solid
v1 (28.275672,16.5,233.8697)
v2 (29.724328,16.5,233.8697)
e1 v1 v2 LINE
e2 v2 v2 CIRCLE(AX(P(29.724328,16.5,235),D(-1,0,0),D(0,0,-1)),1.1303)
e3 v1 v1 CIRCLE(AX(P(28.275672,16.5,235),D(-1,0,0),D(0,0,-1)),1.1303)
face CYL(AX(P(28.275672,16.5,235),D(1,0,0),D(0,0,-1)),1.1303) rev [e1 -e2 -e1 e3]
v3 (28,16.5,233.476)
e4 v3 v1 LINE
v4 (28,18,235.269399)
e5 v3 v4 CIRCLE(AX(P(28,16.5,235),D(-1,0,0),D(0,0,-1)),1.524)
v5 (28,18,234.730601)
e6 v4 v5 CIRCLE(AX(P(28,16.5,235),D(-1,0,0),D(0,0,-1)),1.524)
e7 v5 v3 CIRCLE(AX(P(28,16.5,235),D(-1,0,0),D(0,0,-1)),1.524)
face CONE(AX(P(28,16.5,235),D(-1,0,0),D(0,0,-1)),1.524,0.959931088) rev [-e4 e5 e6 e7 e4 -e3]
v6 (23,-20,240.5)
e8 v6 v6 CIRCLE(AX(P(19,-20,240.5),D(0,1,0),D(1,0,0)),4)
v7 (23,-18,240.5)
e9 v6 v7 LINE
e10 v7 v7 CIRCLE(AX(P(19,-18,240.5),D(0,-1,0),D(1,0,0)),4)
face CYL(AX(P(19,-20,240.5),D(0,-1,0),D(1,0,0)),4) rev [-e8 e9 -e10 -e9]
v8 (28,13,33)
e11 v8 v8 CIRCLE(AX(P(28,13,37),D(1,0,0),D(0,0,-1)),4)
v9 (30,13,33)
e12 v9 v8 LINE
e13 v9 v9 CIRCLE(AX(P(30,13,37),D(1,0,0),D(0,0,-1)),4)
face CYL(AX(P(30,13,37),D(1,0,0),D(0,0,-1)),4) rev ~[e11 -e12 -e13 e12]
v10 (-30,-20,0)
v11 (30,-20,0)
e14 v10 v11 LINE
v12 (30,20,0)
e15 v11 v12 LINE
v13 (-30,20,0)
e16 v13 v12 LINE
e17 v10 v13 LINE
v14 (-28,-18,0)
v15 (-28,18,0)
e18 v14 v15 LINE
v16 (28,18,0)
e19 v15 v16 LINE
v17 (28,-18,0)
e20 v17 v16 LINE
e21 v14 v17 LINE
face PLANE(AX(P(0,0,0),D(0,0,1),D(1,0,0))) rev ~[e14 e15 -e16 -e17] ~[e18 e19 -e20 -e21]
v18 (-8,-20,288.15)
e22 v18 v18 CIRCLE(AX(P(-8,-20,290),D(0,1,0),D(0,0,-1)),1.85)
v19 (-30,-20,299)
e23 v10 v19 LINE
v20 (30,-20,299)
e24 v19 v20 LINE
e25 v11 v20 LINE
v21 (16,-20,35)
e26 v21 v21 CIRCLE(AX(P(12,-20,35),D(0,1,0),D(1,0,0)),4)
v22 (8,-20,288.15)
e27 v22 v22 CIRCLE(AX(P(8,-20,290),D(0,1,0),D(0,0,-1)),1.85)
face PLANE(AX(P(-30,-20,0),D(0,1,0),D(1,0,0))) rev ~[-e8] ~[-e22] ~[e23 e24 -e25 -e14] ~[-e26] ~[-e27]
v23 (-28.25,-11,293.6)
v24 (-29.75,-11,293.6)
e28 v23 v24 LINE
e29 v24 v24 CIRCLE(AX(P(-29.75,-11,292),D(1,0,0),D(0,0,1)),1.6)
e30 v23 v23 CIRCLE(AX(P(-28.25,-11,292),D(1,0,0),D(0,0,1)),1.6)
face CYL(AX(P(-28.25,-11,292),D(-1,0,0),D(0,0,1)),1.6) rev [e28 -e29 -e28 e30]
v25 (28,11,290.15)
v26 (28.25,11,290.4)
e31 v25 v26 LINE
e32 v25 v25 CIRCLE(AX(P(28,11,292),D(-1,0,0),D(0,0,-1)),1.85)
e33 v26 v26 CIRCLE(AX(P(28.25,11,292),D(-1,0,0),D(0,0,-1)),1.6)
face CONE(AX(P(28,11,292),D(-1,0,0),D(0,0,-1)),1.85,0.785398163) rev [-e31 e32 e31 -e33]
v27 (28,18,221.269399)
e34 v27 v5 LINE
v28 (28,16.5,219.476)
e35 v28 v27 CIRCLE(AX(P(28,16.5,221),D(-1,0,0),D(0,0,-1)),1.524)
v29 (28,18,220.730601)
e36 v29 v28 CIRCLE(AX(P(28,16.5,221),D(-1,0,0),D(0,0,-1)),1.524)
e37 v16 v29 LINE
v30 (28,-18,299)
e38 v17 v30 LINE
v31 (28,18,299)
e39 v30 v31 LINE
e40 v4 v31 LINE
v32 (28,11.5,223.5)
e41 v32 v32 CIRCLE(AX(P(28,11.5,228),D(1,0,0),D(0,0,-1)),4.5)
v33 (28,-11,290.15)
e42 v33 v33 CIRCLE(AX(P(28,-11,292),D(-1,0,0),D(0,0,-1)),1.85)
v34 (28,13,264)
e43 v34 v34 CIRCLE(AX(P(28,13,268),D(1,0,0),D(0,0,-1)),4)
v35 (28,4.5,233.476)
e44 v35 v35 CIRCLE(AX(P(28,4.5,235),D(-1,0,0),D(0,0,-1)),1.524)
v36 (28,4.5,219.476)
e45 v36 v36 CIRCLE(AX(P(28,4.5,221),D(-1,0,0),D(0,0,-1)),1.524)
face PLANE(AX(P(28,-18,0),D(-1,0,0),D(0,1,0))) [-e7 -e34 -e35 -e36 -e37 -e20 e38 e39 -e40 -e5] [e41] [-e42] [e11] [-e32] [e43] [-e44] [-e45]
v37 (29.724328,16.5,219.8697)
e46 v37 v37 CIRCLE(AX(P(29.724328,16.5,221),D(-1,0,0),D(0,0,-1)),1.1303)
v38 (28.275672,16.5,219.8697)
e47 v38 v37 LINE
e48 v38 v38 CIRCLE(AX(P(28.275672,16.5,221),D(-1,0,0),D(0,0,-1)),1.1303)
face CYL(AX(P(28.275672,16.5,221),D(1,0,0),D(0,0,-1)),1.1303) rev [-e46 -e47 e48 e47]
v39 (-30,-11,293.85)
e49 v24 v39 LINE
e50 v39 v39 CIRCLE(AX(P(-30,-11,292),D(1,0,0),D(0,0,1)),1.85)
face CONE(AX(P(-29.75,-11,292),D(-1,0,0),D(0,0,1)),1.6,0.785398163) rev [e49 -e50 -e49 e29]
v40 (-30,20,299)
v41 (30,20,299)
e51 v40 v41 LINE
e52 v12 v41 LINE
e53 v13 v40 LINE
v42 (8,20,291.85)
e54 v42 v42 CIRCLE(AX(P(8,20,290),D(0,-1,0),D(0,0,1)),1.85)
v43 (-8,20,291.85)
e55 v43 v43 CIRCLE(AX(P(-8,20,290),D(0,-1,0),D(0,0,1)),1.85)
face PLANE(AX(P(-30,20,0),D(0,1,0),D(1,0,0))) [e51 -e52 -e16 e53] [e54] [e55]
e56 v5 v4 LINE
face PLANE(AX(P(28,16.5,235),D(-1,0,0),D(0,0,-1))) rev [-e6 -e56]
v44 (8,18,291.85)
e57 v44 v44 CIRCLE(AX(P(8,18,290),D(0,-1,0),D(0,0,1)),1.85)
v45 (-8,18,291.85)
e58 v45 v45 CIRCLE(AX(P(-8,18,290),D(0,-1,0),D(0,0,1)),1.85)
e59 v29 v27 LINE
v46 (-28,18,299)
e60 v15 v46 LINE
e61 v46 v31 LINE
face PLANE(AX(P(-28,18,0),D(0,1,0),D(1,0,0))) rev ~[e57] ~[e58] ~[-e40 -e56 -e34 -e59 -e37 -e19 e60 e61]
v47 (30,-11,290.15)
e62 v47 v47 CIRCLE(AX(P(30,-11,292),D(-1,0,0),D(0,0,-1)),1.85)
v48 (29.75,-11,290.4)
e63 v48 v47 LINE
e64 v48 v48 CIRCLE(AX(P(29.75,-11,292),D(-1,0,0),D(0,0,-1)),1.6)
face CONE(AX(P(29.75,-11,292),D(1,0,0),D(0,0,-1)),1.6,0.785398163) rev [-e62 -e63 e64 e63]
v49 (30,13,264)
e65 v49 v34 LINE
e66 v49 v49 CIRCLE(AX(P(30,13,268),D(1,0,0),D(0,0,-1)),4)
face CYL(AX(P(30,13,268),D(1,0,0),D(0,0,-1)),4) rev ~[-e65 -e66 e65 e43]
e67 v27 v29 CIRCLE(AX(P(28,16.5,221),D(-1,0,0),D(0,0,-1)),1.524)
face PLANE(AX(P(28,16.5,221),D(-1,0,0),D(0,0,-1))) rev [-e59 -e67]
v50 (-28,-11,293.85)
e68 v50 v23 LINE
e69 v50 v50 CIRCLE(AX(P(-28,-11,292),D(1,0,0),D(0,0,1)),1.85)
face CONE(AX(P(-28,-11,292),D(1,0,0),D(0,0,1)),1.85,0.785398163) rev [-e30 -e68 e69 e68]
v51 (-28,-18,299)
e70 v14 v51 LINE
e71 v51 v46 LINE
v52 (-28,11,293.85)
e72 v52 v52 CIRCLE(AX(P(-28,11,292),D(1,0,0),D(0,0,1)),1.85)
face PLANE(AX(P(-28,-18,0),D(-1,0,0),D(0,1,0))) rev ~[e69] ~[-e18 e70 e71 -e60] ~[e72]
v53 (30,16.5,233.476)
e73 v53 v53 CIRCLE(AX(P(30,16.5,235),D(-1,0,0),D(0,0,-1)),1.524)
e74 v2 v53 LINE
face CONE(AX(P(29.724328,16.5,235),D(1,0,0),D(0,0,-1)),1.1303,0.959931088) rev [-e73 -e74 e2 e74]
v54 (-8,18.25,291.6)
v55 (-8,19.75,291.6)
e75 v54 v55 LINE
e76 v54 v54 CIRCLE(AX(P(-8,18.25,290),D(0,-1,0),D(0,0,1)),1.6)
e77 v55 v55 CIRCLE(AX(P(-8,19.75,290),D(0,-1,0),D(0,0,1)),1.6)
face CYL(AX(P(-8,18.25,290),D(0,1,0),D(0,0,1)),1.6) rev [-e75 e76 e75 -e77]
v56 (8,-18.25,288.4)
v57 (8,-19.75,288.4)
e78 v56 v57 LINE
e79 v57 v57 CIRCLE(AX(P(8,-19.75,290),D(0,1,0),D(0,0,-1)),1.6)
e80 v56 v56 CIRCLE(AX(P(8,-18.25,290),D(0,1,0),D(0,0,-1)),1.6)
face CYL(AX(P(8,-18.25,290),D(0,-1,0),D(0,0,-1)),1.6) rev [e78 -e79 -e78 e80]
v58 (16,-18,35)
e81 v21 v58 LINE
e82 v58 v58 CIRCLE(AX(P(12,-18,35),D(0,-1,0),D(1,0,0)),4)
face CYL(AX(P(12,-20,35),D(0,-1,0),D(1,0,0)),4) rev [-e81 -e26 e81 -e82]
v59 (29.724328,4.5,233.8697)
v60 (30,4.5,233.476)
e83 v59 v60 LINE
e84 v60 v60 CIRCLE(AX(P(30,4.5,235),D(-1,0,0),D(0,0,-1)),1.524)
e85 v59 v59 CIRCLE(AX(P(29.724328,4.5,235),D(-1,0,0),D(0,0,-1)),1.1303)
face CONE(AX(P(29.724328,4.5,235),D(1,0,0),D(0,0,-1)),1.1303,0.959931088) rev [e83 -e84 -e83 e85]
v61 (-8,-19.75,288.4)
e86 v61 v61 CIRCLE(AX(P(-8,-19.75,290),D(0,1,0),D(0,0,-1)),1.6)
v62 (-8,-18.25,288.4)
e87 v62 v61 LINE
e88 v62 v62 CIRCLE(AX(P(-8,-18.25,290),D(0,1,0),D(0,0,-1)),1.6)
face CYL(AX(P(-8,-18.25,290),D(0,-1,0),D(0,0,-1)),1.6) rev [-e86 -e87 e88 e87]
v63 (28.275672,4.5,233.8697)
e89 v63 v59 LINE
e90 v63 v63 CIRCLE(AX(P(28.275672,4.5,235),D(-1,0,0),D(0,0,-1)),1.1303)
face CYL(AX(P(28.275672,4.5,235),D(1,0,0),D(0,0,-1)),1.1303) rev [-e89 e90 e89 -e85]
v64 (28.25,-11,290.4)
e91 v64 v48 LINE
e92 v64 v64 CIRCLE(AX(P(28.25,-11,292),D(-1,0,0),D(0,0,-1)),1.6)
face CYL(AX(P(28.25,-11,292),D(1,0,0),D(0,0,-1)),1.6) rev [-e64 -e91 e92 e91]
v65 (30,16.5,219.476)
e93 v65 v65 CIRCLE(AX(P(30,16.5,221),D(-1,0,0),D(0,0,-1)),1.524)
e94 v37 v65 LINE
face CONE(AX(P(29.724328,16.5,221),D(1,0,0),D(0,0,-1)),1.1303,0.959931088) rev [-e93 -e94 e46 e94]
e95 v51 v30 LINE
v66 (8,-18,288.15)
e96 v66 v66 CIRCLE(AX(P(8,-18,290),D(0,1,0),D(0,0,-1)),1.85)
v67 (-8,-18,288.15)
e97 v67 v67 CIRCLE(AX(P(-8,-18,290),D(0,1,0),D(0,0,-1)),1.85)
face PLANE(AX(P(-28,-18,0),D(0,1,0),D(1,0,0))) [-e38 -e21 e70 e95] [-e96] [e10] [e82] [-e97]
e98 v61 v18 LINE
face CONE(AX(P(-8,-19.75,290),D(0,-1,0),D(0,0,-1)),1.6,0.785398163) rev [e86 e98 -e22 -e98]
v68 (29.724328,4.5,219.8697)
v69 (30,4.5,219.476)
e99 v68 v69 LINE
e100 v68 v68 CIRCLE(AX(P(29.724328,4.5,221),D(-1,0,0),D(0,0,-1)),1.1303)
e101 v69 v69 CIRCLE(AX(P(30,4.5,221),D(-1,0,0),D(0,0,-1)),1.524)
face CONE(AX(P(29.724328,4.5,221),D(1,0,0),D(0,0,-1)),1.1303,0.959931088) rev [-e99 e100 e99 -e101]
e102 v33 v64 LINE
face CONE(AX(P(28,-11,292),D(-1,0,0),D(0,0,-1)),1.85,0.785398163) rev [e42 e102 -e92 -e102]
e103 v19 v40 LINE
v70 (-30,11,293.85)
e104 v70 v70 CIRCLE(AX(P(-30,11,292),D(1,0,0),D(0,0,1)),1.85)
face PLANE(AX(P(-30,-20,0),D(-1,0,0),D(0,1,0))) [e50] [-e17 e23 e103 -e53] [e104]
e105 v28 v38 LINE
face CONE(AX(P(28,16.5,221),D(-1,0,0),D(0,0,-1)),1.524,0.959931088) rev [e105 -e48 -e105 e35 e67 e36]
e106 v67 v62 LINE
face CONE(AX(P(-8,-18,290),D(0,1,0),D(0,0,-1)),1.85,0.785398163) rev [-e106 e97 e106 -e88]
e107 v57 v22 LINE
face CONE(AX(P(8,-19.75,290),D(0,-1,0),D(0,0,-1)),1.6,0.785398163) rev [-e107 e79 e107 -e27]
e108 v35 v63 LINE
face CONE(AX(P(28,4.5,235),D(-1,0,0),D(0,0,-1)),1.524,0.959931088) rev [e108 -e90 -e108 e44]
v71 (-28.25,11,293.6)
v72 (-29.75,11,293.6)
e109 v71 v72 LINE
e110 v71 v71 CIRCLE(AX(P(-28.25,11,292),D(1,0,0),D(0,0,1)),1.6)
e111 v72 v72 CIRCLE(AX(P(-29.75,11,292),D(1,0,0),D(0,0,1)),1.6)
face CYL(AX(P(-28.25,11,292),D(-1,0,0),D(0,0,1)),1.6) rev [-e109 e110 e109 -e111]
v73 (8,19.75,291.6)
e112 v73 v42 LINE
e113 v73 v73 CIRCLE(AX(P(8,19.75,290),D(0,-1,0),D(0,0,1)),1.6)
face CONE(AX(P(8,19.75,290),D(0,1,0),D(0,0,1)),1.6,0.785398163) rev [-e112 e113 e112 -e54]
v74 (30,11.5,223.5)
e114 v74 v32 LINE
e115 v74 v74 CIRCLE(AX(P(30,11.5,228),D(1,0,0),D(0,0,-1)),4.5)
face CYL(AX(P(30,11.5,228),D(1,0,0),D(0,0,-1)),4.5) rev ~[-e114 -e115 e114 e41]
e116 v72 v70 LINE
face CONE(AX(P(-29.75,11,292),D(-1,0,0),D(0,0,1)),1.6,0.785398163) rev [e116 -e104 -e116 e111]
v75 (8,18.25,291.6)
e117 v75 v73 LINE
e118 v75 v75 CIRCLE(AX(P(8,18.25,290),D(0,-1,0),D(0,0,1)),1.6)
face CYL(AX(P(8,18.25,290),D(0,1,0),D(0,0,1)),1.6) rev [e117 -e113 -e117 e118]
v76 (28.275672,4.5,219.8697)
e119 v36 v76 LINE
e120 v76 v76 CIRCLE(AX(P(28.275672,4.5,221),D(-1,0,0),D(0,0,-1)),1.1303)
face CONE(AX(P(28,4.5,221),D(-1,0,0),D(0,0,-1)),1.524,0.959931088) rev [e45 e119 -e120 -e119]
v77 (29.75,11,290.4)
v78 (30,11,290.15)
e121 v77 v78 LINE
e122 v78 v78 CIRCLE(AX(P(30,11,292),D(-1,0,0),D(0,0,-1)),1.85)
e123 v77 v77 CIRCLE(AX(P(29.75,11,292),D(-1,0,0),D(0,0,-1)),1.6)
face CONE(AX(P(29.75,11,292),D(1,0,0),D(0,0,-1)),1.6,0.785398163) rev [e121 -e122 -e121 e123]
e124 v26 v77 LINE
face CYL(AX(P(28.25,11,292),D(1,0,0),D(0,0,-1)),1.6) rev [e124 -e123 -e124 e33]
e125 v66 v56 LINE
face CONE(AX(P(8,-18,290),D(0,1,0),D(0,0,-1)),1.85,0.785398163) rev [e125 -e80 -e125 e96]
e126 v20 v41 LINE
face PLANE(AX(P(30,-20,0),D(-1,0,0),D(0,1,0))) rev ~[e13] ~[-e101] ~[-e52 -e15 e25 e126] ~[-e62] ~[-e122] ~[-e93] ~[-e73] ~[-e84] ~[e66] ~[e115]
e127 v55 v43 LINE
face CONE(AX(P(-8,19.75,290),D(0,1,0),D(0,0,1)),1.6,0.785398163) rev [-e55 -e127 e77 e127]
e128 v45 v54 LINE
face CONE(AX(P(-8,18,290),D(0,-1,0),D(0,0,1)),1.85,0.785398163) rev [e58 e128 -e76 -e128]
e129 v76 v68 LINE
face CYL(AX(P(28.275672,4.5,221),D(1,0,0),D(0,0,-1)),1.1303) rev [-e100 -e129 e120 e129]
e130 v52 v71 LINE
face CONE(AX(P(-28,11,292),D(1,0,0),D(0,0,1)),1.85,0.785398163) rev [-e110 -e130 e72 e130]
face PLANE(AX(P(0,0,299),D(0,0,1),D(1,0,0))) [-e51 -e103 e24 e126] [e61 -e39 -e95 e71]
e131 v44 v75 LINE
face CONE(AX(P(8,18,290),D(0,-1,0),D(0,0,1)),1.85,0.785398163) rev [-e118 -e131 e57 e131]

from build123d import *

# Parameters (mm, degrees)
SKETCH_1_W                   = 60
SKETCH_1_H                   = 40
SKETCH_1_W_2                 = 56
SKETCH_1_H_2                 = 36
EXTRUDE_1_DEPTH              = 299
HOLE_WIZARD_M31_AT_2_COUNT   = 2
HOLE_WIZARD_M31_AT_2_PITCH   = 22
HOLE_WIZARD_M32_AT_2_COUNT   = 2
HOLE_WIZARD_M32_AT_2_PITCH   = 22
HOLE_WIZARD_M33_AT_2_COUNT   = 2
HOLE_WIZARD_M33_AT_2_PITCH   = 16
HOLE_WIZARD_M34_AT_2_COUNT   = 2
HOLE_WIZARD_M34_AT_2_PITCH   = 16
CUT_EXTRUDE_4347_REACH       = 42
SKETCH_12_R                  = 4
CUT_EXTRUDE_3_REACH          = 62
SKETCH_15_R                  = 4
SKETCH_15_R_2                = 4.5
HOLE_WIZARD_4_401_AT_2_COUNT = 2
HOLE_WIZARD_4_401_AT_2_PITCH = 12
HOLE_WIZARD_4_401_AT_3_COUNT = 2
HOLE_WIZARD_4_401_AT_3_PITCH = 18.439088915
HOLE_WIZARD_4_401_AT_4_COUNT = 2
HOLE_WIZARD_4_401_AT_4_PITCH = 14


with BuildPart() as part:
    # Эскиз1 → Вытянуть1 (new body)
    with BuildSketch(Plane.XY):
        Rectangle(SKETCH_1_W, SKETCH_1_H)
        Rectangle(SKETCH_1_W_2, SKETCH_1_H_2, mode=Mode.SUBTRACT)
    extrude(amount=EXTRUDE_1_DEPTH)

    # Эскиз2 → Hole Wizard M31 (revolve, cut)
    with BuildSketch(Plane(origin=(-30, 11, 292), x_dir=(0, 0, 1), z_dir=(0, 1, 0))):
        Polygon((0, 0), (0, 2), (1.85, 2), (1.6, 1.75), (1.6, 0.25), (1.85, 0), align=None)
    hole_wizard_m31 = revolve(axis=Axis((-36.35, 11, 292), (1, 0, 0)), mode=Mode.SUBTRACT)

    # Hole Wizard M31 at 2: Hole Wizard M31 ×2
    with Locations(*[(0, -i * HOLE_WIZARD_M31_AT_2_PITCH, 0) for i in range(1, HOLE_WIZARD_M31_AT_2_COUNT)]):
        add(hole_wizard_m31, mode=Mode.SUBTRACT)

    # Эскиз4 → Отверстие с зазором M32 (revolve, cut)
    with BuildSketch(Plane(origin=(30, -11, 292), x_dir=(0, 0, -1), z_dir=(0, 1, 0))):
        Polygon((0, 0), (0, 2), (1.85, 2), (1.6, 1.75), (1.6, 0.25), (1.85, 0), align=None)
    hole_wizard_m32 = revolve(axis=Axis((36.35, -11, 292), (-1, 0, 0)), mode=Mode.SUBTRACT)

    # Отверстие с зазором M32 at 2: Отверстие с зазором M32 ×2
    with Locations(*[(0, i * HOLE_WIZARD_M32_AT_2_PITCH, 0) for i in range(1, HOLE_WIZARD_M32_AT_2_COUNT)]):
        add(hole_wizard_m32, mode=Mode.SUBTRACT)

    # Эскиз6 → Отверстие с зазором M33 (revolve, cut)
    with BuildSketch(Plane(origin=(-8, -20, 290), x_dir=(0, 0, -1), z_dir=(1, 0, 0))):
        Polygon((0, 0), (0, 2), (1.85, 2), (1.6, 1.75), (1.6, 0.25), (1.85, 0), align=None)
    hole_wizard_m33 = revolve(axis=Axis((-8, -26.35, 290), (0, 1, 0)), mode=Mode.SUBTRACT)

    # Отверстие с зазором M33 at 2: Отверстие с зазором M33 ×2
    with Locations(*[(i * HOLE_WIZARD_M33_AT_2_PITCH, 0, 0) for i in range(1, HOLE_WIZARD_M33_AT_2_COUNT)]):
        add(hole_wizard_m33, mode=Mode.SUBTRACT)

    # Эскиз8 → Отверстие с зазором M34 (revolve, cut)
    with BuildSketch(Plane(origin=(8, 20, 290), x_dir=(0, 0, 1), z_dir=(1, 0, 0))):
        Polygon((0, 0), (0, 2), (1.85, 2), (1.6, 1.75), (1.6, 0.25), (1.85, 0), align=None)
    hole_wizard_m34 = revolve(axis=Axis((8, 26.35, 290), (0, -1, 0)), mode=Mode.SUBTRACT)

    # Отверстие с зазором M34 at 2: Отверстие с зазором M34 ×2
    with Locations(*[(-i * HOLE_WIZARD_M34_AT_2_PITCH, 0, 0) for i in range(1, HOLE_WIZARD_M34_AT_2_COUNT)]):
        add(hole_wizard_m34, mode=Mode.SUBTRACT)

    # Эскиз12 → Cut-Extrude 4347 (cut, up to next)
    with BuildSketch(Plane(origin=(0, -20, 0), x_dir=(1, 0, 0), z_dir=(0, 1, 0)), mode=Mode.PRIVATE) as cut_extrude_4347_sk1:
        with Locations((19, -240.5)):
            Circle(SKETCH_12_R)
    cut_extrude_4347_tool1 = extrude(cut_extrude_4347_sk1.sketch, amount=CUT_EXTRUDE_4347_REACH, mode=Mode.PRIVATE) & part.part
    add(cut_extrude_4347_tool1.solids().sort_by_distance((19, -20, 240.5))[0], mode=Mode.SUBTRACT)
    # Эскиз12 → Cut-Extrude 4347 (cut, up to next)
    with BuildSketch(Plane(origin=(0, -20, 0), x_dir=(1, 0, 0), z_dir=(0, 1, 0)), mode=Mode.PRIVATE) as cut_extrude_4347_sk2:
        with Locations((12, -35)):
            Circle(SKETCH_12_R)
    cut_extrude_4347_tool2 = extrude(cut_extrude_4347_sk2.sketch, amount=CUT_EXTRUDE_4347_REACH, mode=Mode.PRIVATE) & part.part
    add(cut_extrude_4347_tool2.solids().sort_by_distance((12, -20, 35))[0], mode=Mode.SUBTRACT)

    # Эскиз15 → Вырез-Вытянуть3 (cut, up to next)
    with BuildSketch(Plane(origin=(30, 0, 0), x_dir=(0, 0, -1), z_dir=(1, 0, 0)), mode=Mode.PRIVATE) as cut_extrude_3_sk1:
        with Locations((-37, 13)):
            Circle(SKETCH_15_R)
    cut_extrude_3_tool1 = extrude(cut_extrude_3_sk1.sketch, amount=-CUT_EXTRUDE_3_REACH, mode=Mode.PRIVATE) & part.part
    add(cut_extrude_3_tool1.solids().sort_by_distance((30, 13, 37))[0], mode=Mode.SUBTRACT)
    # Эскиз15 → Вырез-Вытянуть3 (cut, up to next)
    with BuildSketch(Plane(origin=(30, 0, 0), x_dir=(0, 0, -1), z_dir=(1, 0, 0)), mode=Mode.PRIVATE) as cut_extrude_3_sk2:
        with Locations((-268, 13)):
            Circle(SKETCH_15_R)
    cut_extrude_3_tool2 = extrude(cut_extrude_3_sk2.sketch, amount=-CUT_EXTRUDE_3_REACH, mode=Mode.PRIVATE) & part.part
    add(cut_extrude_3_tool2.solids().sort_by_distance((30, 13, 268))[0], mode=Mode.SUBTRACT)
    # Эскиз15 → Вырез-Вытянуть3 (cut, up to next)
    with BuildSketch(Plane(origin=(30, 0, 0), x_dir=(0, 0, -1), z_dir=(1, 0, 0)), mode=Mode.PRIVATE) as cut_extrude_3_sk3:
        with Locations((-228, 11.5)):
            Circle(SKETCH_15_R_2)
    cut_extrude_3_tool3 = extrude(cut_extrude_3_sk3.sketch, amount=-CUT_EXTRUDE_3_REACH, mode=Mode.PRIVATE) & part.part
    add(cut_extrude_3_tool3.solids().sort_by_distance((30, 11.5, 228))[0], mode=Mode.SUBTRACT)

    # Эскиз16 → Отверстие обработанное метчиком #4-401 (revolve, cut)
    with BuildSketch(Plane(origin=(30, 16.5, 235), x_dir=(0, 0, -1), z_dir=(0, 1, 0))):
        Polygon((0, 0), (0, 2), (1.524, 2), (1.1303, 1.724328292), (1.1303, 0.275671708), (1.524, 0), align=None)
    hole_wizard_4_401 = revolve(axis=Axis((36.35, 16.5, 235), (-1, 0, 0)), mode=Mode.SUBTRACT)

    # Отверстие обработанное метчиком #4-401 at 2: Отверстие обработанное метчиком #4-401 ×2
    with Locations(*[(0, -i * HOLE_WIZARD_4_401_AT_2_PITCH, 0) for i in range(1, HOLE_WIZARD_4_401_AT_2_COUNT)]):
        add(hole_wizard_4_401, mode=Mode.SUBTRACT)

    # Отверстие обработанное метчиком #4-401 at 3: Отверстие обработанное метчиком #4-401 ×2
    with Locations(*[Vector(0, -0.650791373, -0.759256602) * (i * HOLE_WIZARD_4_401_AT_3_PITCH) for i in range(1, HOLE_WIZARD_4_401_AT_3_COUNT)]):
        add(hole_wizard_4_401, mode=Mode.SUBTRACT)

    # Отверстие обработанное метчиком #4-401 at 4: Отверстие обработанное метчиком #4-401 ×2
    with Locations(*[(0, 0, -i * HOLE_WIZARD_4_401_AT_4_PITCH) for i in range(1, HOLE_WIZARD_4_401_AT_4_COUNT)]):
        add(hole_wizard_4_401, mode=Mode.SUBTRACT)


solid = part.part
